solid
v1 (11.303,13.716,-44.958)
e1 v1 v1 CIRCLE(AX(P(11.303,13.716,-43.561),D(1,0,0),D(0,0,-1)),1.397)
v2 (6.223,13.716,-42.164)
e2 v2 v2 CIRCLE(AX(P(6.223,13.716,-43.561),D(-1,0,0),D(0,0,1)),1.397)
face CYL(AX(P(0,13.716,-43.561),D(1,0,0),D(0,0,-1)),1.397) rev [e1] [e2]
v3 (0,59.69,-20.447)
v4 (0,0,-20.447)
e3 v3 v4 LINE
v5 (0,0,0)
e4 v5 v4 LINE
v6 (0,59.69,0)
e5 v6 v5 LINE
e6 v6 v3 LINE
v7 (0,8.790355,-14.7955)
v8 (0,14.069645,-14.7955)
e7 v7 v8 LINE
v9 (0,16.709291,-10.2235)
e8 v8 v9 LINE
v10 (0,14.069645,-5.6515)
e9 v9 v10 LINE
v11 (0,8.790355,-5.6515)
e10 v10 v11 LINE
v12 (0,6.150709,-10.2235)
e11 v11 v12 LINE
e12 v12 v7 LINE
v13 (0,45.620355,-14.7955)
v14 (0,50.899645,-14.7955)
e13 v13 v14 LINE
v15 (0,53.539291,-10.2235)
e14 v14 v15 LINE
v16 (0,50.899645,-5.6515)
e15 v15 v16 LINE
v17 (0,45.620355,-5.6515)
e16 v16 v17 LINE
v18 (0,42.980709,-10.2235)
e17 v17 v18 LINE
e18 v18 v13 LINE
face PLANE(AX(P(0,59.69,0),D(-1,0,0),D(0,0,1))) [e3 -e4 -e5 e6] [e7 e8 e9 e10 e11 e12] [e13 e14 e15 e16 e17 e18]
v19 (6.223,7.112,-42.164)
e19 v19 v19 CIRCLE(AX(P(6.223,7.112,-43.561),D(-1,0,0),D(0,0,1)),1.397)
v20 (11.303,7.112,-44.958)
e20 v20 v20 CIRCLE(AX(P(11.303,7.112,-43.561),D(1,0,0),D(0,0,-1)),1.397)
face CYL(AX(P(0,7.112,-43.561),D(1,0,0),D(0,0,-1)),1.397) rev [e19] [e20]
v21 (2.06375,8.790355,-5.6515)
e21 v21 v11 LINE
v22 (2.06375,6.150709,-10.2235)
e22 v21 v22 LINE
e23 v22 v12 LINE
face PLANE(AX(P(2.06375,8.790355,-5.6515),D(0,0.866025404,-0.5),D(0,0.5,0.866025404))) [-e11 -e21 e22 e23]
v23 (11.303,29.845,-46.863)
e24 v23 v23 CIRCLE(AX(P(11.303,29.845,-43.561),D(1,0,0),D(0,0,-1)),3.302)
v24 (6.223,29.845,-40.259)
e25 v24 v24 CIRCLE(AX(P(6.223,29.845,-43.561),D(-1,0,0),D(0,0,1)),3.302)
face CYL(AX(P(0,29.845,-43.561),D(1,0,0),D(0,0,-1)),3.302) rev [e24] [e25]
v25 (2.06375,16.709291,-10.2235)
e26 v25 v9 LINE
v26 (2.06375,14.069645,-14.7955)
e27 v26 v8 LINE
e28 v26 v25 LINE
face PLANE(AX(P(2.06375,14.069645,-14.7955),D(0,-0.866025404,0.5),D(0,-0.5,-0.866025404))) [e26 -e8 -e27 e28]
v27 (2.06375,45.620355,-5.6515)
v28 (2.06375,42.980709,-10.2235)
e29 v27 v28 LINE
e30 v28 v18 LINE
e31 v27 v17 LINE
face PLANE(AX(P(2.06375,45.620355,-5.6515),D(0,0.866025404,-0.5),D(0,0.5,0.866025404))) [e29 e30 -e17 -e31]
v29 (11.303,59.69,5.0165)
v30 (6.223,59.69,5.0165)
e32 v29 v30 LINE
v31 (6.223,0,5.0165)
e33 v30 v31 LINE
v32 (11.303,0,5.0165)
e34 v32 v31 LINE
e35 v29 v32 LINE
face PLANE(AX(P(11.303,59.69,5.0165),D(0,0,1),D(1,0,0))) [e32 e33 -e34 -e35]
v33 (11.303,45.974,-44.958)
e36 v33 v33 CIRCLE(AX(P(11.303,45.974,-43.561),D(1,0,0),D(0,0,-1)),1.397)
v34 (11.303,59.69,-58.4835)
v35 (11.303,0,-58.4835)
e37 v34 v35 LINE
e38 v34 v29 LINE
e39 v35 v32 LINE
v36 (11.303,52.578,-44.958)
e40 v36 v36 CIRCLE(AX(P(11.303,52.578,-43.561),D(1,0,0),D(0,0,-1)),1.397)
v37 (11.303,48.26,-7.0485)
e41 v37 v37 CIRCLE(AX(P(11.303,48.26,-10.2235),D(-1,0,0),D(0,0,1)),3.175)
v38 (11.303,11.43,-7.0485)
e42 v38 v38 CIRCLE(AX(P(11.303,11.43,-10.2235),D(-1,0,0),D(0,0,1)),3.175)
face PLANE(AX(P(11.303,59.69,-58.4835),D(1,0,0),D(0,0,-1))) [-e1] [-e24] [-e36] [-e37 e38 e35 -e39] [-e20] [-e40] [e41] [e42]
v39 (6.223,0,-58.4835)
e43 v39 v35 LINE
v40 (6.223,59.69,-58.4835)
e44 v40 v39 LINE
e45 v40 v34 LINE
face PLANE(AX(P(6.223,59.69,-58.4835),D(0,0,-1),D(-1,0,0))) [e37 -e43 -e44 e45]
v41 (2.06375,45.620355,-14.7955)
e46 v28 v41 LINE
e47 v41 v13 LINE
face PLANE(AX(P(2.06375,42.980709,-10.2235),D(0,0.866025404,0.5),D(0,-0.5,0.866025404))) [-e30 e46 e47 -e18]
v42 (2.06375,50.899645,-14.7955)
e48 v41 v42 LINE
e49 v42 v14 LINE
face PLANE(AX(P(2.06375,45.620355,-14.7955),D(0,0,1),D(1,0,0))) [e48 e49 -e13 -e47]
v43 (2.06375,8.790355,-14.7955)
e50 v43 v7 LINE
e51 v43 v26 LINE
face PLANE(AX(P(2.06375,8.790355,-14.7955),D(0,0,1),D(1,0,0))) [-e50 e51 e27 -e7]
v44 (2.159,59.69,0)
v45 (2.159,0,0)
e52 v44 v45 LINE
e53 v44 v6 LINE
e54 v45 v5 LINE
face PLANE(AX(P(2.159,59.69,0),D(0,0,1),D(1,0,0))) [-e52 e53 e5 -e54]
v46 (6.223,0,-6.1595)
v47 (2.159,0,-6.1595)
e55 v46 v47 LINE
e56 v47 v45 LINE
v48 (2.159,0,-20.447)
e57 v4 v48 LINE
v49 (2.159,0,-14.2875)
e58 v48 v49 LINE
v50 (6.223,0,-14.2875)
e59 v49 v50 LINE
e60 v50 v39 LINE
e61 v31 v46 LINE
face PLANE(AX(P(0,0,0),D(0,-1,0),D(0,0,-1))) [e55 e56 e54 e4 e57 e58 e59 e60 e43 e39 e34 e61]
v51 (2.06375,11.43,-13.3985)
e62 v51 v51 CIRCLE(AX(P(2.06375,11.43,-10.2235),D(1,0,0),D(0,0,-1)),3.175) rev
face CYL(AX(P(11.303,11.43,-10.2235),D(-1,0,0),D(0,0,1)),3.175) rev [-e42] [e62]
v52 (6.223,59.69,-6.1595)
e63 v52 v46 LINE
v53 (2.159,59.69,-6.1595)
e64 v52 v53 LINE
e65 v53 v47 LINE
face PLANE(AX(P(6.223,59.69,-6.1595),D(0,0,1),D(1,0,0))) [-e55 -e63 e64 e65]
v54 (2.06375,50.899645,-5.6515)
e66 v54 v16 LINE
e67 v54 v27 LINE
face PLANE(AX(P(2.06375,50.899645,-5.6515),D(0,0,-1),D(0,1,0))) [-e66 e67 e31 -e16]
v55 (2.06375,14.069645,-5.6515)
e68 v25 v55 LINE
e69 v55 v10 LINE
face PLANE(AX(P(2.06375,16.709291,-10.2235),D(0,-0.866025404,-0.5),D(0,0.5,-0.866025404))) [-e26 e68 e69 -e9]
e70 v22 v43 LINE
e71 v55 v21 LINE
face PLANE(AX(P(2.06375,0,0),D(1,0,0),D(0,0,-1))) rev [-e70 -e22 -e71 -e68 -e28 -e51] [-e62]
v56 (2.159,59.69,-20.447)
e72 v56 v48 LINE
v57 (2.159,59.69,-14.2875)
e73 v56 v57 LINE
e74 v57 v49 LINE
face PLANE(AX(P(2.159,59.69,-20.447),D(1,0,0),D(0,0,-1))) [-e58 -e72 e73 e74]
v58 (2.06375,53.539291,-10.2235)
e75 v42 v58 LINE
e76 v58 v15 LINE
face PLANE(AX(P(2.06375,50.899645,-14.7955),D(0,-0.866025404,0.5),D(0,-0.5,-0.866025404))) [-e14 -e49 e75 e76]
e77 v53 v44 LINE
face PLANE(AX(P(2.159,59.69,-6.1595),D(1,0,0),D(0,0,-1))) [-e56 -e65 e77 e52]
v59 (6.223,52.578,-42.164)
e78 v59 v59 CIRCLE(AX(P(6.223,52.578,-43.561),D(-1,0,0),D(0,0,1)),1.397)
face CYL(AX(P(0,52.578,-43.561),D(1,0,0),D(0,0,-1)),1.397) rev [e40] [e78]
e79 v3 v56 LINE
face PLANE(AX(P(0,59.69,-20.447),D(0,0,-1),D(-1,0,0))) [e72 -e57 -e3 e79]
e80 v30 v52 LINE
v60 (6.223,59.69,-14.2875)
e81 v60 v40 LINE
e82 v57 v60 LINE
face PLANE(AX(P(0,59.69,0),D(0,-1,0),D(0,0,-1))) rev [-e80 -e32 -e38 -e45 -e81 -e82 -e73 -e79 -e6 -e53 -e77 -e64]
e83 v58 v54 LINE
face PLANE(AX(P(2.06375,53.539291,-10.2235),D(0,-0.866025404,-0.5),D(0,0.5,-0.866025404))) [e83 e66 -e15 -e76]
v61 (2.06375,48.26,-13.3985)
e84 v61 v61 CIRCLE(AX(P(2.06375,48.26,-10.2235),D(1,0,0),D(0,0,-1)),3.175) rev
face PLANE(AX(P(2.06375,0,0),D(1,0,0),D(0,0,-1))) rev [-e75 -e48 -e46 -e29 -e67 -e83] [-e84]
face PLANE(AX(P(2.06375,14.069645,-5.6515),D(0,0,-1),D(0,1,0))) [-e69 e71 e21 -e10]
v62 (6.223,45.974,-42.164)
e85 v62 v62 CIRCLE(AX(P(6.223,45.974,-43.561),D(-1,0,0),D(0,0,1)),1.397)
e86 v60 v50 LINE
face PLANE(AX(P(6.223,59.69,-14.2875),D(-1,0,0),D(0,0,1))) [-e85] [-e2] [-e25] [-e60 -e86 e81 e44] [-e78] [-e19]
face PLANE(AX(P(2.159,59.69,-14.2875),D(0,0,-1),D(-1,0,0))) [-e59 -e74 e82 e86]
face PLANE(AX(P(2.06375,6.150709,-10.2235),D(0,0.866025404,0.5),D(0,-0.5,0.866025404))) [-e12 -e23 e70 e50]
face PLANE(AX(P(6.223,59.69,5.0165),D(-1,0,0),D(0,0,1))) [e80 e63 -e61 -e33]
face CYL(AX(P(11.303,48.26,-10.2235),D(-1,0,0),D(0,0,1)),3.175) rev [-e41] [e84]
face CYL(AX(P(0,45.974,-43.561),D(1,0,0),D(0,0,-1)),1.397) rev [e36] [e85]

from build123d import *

# Parameters (mm, degrees)
BOSS_EXTRUDE1_DEPTH = 59.69
SKETCH2_R           = 3.302
SKETCH2_R_2         = 1.397
CUT_EXTRUDE1_DEPTH  = 85.326589408
SKETCH3_R           = 3.175
CUT_EXTRUDE2_DEPTH  = 85.326589408
CUT_EXTRUDE3_DEPTH  = 2.06375


with BuildPart() as part:
    # Sketch1 → Boss-Extrude1 (new body)
    with BuildSketch(Plane(origin=(0, 0, 0), x_dir=(1, 0, 0), z_dir=(0, 1, 0))):
        Polygon((0, 0), (0, 20.447), (2.159, 20.447), (2.159, 14.2875), (6.223, 14.2875), (6.223, 58.4835), (11.303, 58.4835), (11.303, -5.0165), (6.223, -5.0165), (6.223, 6.1595), (2.159, 6.1595), (2.159, 0), align=None)
    extrude(amount=BOSS_EXTRUDE1_DEPTH)

    # Sketch2 → Cut-Extrude1 (cut, through all)
    with BuildSketch(Plane(origin=(11.303, 0, 0), x_dir=(0, 0, -1), z_dir=(1, 0, 0))):
        with Locations((43.561, 29.845)):
            Circle(SKETCH2_R)
        with Locations((43.561, 13.716)):
            Circle(SKETCH2_R_2)
        with Locations((43.561, 7.112)):
            Circle(SKETCH2_R_2)
        with Locations((43.561, 45.974)):
            Circle(SKETCH2_R_2)
        with Locations((43.561, 52.578)):
            Circle(SKETCH2_R_2)
    extrude(amount=-CUT_EXTRUDE1_DEPTH, mode=Mode.SUBTRACT)

    # Sketch3 → Cut-Extrude2 (cut, through all)
    with BuildSketch(Plane.ZY):
        with Locations((-10.2235, 48.26)):
            Circle(SKETCH3_R)
        with Locations((-10.2235, 11.43)):
            Circle(SKETCH3_R)
    extrude(amount=-CUT_EXTRUDE2_DEPTH, mode=Mode.SUBTRACT)

    # Sketch4 → Cut-Extrude3 (cut)
    with BuildSketch(Plane.ZY):
        Polygon((-14.7955, 8.790354569), (-14.7955, 14.069645431), (-10.2235, 16.709290861), (-5.6515, 14.069645431), (-5.6515, 8.790354569), (-10.2235, 6.150709139), align=None)
        Polygon((-14.7955, 45.620354569), (-14.7955, 50.899645431), (-10.2235, 53.539290861), (-5.6515, 50.899645431), (-5.6515, 45.620354569), (-10.2235, 42.980709139), align=None)
    extrude(amount=-CUT_EXTRUDE3_DEPTH, mode=Mode.SUBTRACT)


solid = part.part
